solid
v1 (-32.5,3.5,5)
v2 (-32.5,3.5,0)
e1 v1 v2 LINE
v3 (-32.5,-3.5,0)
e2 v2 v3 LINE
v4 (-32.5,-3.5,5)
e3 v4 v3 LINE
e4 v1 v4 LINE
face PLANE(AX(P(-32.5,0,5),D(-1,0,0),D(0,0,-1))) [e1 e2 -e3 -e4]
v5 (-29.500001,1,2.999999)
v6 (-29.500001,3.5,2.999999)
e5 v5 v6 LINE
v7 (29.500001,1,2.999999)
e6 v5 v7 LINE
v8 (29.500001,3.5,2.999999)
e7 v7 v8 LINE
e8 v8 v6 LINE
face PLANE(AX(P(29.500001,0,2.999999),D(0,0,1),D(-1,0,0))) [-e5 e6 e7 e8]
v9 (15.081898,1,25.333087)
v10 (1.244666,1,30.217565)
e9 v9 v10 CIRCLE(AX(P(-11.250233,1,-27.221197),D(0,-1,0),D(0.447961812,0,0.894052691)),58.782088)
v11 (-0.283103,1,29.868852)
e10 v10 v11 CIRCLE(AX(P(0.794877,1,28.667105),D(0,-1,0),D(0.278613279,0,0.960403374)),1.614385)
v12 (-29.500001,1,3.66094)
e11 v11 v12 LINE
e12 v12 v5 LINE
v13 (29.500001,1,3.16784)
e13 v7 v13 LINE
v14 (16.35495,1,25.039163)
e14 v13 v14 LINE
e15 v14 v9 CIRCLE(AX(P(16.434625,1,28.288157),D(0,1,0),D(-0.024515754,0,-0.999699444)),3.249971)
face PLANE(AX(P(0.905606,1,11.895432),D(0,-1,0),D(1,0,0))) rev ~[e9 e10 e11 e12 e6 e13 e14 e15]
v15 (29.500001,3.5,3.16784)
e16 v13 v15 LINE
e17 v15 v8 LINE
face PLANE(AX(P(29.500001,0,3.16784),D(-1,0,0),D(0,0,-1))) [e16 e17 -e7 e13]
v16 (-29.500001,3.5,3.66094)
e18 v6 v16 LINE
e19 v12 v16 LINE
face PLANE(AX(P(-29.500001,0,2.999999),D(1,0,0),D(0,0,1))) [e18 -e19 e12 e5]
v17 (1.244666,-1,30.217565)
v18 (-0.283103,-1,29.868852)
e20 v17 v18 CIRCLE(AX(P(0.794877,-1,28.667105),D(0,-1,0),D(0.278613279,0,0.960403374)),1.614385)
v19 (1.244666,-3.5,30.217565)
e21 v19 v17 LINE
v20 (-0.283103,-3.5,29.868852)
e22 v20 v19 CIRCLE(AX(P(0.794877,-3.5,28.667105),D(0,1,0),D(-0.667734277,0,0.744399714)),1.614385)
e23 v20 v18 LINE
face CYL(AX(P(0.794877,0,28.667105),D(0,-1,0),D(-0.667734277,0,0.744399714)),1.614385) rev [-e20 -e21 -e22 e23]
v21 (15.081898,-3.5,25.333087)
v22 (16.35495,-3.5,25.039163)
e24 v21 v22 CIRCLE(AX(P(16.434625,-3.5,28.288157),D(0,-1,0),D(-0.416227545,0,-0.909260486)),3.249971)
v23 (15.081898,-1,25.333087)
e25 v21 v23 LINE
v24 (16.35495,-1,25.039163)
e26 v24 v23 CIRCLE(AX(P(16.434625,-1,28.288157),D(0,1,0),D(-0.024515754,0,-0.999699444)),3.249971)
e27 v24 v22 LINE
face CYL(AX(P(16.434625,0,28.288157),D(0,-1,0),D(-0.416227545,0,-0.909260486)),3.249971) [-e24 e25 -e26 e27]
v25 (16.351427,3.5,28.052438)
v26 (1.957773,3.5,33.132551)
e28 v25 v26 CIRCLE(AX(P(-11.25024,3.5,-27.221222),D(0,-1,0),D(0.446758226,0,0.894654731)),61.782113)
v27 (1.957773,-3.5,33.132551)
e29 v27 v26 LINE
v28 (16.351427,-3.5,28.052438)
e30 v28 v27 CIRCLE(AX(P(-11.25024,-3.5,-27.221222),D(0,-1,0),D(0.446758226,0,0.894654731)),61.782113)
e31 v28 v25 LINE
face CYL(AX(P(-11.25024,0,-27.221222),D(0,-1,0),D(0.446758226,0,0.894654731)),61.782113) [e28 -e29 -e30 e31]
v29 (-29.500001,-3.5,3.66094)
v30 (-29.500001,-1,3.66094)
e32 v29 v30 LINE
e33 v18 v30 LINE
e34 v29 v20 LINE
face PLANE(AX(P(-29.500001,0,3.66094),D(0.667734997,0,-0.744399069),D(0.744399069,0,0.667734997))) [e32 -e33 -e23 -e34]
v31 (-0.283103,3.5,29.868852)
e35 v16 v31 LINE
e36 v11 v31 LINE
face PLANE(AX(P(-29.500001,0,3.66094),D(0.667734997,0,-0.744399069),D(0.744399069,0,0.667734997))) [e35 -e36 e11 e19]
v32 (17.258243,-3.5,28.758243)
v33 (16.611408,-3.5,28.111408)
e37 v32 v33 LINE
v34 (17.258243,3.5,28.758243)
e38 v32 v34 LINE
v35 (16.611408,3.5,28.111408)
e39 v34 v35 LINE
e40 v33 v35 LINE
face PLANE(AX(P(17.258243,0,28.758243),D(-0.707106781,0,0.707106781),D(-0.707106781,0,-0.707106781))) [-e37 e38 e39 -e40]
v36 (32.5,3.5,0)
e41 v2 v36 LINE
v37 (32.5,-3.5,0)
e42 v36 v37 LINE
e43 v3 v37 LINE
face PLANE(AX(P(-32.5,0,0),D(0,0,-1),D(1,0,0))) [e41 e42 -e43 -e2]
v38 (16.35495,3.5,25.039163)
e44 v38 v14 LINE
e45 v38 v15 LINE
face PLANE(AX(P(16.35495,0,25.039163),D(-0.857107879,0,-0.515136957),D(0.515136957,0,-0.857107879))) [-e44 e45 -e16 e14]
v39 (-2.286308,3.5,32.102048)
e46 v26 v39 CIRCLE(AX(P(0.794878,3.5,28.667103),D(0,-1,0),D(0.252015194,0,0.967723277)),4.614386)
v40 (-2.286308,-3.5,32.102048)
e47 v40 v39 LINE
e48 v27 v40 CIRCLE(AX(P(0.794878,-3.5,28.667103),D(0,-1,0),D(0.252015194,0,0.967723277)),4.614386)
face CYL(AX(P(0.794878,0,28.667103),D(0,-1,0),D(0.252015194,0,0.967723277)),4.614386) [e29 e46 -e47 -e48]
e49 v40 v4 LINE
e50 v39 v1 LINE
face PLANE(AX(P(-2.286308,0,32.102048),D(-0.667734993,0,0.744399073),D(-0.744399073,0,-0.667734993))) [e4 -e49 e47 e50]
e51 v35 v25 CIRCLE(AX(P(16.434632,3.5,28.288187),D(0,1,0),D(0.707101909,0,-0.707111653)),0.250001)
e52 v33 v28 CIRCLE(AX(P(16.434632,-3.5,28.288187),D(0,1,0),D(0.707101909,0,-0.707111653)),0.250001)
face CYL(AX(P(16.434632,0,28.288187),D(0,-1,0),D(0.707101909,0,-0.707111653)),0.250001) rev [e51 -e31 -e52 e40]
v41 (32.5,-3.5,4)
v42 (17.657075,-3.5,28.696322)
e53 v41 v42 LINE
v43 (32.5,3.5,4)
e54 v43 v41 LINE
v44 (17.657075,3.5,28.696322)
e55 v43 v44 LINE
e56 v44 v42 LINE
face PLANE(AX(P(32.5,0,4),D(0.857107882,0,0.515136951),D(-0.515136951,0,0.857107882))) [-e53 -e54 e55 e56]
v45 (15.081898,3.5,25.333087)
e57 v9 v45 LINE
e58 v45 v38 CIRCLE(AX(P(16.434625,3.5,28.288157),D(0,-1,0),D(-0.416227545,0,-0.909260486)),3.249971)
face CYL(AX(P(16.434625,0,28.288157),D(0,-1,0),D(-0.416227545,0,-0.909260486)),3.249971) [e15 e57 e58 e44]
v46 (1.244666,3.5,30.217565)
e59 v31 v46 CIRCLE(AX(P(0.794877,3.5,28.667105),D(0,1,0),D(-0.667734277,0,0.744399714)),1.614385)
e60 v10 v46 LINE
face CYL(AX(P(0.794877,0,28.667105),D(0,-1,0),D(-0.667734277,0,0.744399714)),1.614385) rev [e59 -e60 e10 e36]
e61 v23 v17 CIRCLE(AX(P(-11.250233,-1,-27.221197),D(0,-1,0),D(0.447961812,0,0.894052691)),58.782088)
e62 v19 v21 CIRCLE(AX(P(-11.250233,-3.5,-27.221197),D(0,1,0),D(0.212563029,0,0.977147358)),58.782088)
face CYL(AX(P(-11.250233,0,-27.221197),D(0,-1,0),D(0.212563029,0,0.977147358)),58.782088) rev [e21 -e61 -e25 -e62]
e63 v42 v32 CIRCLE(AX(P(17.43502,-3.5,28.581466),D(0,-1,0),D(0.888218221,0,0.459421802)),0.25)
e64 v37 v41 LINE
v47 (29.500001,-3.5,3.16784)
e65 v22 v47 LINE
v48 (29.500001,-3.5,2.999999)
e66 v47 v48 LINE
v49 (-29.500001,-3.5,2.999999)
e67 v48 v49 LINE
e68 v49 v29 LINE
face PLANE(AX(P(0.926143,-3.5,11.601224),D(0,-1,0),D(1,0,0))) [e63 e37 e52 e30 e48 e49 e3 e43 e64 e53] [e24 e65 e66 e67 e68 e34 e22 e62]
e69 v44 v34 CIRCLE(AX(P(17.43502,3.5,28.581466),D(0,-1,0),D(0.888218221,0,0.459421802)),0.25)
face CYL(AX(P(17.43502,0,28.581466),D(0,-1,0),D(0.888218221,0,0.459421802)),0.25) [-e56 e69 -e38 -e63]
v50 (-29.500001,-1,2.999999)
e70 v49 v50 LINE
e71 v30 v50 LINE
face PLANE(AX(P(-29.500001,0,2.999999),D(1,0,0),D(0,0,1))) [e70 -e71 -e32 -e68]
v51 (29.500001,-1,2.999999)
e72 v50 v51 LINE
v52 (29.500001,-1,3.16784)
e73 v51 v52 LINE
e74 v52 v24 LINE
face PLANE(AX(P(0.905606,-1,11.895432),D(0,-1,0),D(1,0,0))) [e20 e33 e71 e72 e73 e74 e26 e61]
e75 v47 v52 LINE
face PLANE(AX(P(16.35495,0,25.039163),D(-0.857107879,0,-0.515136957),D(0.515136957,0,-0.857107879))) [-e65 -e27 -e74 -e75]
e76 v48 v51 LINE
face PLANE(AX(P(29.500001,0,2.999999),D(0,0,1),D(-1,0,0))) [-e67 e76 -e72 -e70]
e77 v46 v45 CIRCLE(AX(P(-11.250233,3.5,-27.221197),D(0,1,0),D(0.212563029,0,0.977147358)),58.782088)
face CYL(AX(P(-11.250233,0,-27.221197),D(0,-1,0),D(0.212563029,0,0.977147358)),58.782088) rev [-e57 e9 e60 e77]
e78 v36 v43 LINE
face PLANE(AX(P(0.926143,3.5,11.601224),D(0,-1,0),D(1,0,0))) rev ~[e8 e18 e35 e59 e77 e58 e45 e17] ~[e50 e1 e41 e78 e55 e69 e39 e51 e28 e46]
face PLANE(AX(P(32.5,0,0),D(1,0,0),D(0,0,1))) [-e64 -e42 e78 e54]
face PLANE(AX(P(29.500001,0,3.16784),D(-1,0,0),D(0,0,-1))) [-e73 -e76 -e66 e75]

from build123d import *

# Parameters (mm, degrees)
F2_DEPTH = 3.5
F3_DEPTH = 1


with BuildPart() as f2:
    # F1 (on face) → F2 (new body, symmetric)
    with BuildSketch(Plane.XZ):
        with BuildLine():
            Line((-2.286308, 32.102048), (-32.5, 5))
            Line((-32.5, 5), (-32.5, 0))
            Line((-32.5, 0), (32.5, 0))
            Line((32.5, 0), (32.5, 4))
            Line((32.5, 4), (17.657075, 28.696322))
            ThreePointArc((17.657075, 28.696322), (17.473375, 28.828507), (17.258243, 28.758243))
            Line((17.258243, 28.758243), (16.611408, 28.111408))
            ThreePointArc((16.611408, 28.111408), (16.489934, 28.044379), (16.351427, 28.052438))
            ThreePointArc((16.351427, 28.052438), (9.312089, 31.038714), (1.957773, 33.132551))
            ThreePointArc((1.957773, 33.132551), (-0.293903, 33.151198), (-2.286308, 32.102048))
        make_face()
        with BuildLine():
            Line((16.35495, 25.039163), (29.500001, 3.16784))
            Line((29.500001, 3.16784), (29.500001, 2.999999))
            Line((29.500001, 2.999999), (-29.500001, 2.999999))
            Line((-29.500001, 2.999999), (-29.500001, 3.66094))
            Line((-29.500001, 3.66094), (-0.283103, 29.868852))
            ThreePointArc((-0.283103, 29.868852), (0.435633, 30.241011), (1.244666, 30.217565))
            ThreePointArc((1.244666, 30.217565), (8.316297, 28.208802), (15.081898, 25.333087))
            ThreePointArc((15.081898, 25.333087), (15.703501, 25.121492), (16.35495, 25.039163))
        make_face(mode=Mode.SUBTRACT)
    extrude(amount=F2_DEPTH, both=True)

    # F1 (on face) → F3 (join, symmetric)
    with BuildSketch(Plane.XZ):
        with BuildLine():
            Line((29.500001, 2.999999), (29.500001, 3.16784))
            Line((29.500001, 3.16784), (16.35495, 25.039163))
            ThreePointArc((16.35495, 25.039163), (15.703501, 25.121492), (15.081898, 25.333087))
            ThreePointArc((15.081898, 25.333087), (8.316297, 28.208802), (1.244666, 30.217565))
            ThreePointArc((1.244666, 30.217565), (0.435633, 30.241011), (-0.283103, 29.868852))
            Line((-0.283103, 29.868852), (-29.500001, 3.66094))
            Line((-29.500001, 3.66094), (-29.500001, 2.999999))
            Line((-29.500001, 2.999999), (29.500001, 2.999999))
        make_face()
    extrude(amount=F3_DEPTH, both=True)


solid = f2.part
